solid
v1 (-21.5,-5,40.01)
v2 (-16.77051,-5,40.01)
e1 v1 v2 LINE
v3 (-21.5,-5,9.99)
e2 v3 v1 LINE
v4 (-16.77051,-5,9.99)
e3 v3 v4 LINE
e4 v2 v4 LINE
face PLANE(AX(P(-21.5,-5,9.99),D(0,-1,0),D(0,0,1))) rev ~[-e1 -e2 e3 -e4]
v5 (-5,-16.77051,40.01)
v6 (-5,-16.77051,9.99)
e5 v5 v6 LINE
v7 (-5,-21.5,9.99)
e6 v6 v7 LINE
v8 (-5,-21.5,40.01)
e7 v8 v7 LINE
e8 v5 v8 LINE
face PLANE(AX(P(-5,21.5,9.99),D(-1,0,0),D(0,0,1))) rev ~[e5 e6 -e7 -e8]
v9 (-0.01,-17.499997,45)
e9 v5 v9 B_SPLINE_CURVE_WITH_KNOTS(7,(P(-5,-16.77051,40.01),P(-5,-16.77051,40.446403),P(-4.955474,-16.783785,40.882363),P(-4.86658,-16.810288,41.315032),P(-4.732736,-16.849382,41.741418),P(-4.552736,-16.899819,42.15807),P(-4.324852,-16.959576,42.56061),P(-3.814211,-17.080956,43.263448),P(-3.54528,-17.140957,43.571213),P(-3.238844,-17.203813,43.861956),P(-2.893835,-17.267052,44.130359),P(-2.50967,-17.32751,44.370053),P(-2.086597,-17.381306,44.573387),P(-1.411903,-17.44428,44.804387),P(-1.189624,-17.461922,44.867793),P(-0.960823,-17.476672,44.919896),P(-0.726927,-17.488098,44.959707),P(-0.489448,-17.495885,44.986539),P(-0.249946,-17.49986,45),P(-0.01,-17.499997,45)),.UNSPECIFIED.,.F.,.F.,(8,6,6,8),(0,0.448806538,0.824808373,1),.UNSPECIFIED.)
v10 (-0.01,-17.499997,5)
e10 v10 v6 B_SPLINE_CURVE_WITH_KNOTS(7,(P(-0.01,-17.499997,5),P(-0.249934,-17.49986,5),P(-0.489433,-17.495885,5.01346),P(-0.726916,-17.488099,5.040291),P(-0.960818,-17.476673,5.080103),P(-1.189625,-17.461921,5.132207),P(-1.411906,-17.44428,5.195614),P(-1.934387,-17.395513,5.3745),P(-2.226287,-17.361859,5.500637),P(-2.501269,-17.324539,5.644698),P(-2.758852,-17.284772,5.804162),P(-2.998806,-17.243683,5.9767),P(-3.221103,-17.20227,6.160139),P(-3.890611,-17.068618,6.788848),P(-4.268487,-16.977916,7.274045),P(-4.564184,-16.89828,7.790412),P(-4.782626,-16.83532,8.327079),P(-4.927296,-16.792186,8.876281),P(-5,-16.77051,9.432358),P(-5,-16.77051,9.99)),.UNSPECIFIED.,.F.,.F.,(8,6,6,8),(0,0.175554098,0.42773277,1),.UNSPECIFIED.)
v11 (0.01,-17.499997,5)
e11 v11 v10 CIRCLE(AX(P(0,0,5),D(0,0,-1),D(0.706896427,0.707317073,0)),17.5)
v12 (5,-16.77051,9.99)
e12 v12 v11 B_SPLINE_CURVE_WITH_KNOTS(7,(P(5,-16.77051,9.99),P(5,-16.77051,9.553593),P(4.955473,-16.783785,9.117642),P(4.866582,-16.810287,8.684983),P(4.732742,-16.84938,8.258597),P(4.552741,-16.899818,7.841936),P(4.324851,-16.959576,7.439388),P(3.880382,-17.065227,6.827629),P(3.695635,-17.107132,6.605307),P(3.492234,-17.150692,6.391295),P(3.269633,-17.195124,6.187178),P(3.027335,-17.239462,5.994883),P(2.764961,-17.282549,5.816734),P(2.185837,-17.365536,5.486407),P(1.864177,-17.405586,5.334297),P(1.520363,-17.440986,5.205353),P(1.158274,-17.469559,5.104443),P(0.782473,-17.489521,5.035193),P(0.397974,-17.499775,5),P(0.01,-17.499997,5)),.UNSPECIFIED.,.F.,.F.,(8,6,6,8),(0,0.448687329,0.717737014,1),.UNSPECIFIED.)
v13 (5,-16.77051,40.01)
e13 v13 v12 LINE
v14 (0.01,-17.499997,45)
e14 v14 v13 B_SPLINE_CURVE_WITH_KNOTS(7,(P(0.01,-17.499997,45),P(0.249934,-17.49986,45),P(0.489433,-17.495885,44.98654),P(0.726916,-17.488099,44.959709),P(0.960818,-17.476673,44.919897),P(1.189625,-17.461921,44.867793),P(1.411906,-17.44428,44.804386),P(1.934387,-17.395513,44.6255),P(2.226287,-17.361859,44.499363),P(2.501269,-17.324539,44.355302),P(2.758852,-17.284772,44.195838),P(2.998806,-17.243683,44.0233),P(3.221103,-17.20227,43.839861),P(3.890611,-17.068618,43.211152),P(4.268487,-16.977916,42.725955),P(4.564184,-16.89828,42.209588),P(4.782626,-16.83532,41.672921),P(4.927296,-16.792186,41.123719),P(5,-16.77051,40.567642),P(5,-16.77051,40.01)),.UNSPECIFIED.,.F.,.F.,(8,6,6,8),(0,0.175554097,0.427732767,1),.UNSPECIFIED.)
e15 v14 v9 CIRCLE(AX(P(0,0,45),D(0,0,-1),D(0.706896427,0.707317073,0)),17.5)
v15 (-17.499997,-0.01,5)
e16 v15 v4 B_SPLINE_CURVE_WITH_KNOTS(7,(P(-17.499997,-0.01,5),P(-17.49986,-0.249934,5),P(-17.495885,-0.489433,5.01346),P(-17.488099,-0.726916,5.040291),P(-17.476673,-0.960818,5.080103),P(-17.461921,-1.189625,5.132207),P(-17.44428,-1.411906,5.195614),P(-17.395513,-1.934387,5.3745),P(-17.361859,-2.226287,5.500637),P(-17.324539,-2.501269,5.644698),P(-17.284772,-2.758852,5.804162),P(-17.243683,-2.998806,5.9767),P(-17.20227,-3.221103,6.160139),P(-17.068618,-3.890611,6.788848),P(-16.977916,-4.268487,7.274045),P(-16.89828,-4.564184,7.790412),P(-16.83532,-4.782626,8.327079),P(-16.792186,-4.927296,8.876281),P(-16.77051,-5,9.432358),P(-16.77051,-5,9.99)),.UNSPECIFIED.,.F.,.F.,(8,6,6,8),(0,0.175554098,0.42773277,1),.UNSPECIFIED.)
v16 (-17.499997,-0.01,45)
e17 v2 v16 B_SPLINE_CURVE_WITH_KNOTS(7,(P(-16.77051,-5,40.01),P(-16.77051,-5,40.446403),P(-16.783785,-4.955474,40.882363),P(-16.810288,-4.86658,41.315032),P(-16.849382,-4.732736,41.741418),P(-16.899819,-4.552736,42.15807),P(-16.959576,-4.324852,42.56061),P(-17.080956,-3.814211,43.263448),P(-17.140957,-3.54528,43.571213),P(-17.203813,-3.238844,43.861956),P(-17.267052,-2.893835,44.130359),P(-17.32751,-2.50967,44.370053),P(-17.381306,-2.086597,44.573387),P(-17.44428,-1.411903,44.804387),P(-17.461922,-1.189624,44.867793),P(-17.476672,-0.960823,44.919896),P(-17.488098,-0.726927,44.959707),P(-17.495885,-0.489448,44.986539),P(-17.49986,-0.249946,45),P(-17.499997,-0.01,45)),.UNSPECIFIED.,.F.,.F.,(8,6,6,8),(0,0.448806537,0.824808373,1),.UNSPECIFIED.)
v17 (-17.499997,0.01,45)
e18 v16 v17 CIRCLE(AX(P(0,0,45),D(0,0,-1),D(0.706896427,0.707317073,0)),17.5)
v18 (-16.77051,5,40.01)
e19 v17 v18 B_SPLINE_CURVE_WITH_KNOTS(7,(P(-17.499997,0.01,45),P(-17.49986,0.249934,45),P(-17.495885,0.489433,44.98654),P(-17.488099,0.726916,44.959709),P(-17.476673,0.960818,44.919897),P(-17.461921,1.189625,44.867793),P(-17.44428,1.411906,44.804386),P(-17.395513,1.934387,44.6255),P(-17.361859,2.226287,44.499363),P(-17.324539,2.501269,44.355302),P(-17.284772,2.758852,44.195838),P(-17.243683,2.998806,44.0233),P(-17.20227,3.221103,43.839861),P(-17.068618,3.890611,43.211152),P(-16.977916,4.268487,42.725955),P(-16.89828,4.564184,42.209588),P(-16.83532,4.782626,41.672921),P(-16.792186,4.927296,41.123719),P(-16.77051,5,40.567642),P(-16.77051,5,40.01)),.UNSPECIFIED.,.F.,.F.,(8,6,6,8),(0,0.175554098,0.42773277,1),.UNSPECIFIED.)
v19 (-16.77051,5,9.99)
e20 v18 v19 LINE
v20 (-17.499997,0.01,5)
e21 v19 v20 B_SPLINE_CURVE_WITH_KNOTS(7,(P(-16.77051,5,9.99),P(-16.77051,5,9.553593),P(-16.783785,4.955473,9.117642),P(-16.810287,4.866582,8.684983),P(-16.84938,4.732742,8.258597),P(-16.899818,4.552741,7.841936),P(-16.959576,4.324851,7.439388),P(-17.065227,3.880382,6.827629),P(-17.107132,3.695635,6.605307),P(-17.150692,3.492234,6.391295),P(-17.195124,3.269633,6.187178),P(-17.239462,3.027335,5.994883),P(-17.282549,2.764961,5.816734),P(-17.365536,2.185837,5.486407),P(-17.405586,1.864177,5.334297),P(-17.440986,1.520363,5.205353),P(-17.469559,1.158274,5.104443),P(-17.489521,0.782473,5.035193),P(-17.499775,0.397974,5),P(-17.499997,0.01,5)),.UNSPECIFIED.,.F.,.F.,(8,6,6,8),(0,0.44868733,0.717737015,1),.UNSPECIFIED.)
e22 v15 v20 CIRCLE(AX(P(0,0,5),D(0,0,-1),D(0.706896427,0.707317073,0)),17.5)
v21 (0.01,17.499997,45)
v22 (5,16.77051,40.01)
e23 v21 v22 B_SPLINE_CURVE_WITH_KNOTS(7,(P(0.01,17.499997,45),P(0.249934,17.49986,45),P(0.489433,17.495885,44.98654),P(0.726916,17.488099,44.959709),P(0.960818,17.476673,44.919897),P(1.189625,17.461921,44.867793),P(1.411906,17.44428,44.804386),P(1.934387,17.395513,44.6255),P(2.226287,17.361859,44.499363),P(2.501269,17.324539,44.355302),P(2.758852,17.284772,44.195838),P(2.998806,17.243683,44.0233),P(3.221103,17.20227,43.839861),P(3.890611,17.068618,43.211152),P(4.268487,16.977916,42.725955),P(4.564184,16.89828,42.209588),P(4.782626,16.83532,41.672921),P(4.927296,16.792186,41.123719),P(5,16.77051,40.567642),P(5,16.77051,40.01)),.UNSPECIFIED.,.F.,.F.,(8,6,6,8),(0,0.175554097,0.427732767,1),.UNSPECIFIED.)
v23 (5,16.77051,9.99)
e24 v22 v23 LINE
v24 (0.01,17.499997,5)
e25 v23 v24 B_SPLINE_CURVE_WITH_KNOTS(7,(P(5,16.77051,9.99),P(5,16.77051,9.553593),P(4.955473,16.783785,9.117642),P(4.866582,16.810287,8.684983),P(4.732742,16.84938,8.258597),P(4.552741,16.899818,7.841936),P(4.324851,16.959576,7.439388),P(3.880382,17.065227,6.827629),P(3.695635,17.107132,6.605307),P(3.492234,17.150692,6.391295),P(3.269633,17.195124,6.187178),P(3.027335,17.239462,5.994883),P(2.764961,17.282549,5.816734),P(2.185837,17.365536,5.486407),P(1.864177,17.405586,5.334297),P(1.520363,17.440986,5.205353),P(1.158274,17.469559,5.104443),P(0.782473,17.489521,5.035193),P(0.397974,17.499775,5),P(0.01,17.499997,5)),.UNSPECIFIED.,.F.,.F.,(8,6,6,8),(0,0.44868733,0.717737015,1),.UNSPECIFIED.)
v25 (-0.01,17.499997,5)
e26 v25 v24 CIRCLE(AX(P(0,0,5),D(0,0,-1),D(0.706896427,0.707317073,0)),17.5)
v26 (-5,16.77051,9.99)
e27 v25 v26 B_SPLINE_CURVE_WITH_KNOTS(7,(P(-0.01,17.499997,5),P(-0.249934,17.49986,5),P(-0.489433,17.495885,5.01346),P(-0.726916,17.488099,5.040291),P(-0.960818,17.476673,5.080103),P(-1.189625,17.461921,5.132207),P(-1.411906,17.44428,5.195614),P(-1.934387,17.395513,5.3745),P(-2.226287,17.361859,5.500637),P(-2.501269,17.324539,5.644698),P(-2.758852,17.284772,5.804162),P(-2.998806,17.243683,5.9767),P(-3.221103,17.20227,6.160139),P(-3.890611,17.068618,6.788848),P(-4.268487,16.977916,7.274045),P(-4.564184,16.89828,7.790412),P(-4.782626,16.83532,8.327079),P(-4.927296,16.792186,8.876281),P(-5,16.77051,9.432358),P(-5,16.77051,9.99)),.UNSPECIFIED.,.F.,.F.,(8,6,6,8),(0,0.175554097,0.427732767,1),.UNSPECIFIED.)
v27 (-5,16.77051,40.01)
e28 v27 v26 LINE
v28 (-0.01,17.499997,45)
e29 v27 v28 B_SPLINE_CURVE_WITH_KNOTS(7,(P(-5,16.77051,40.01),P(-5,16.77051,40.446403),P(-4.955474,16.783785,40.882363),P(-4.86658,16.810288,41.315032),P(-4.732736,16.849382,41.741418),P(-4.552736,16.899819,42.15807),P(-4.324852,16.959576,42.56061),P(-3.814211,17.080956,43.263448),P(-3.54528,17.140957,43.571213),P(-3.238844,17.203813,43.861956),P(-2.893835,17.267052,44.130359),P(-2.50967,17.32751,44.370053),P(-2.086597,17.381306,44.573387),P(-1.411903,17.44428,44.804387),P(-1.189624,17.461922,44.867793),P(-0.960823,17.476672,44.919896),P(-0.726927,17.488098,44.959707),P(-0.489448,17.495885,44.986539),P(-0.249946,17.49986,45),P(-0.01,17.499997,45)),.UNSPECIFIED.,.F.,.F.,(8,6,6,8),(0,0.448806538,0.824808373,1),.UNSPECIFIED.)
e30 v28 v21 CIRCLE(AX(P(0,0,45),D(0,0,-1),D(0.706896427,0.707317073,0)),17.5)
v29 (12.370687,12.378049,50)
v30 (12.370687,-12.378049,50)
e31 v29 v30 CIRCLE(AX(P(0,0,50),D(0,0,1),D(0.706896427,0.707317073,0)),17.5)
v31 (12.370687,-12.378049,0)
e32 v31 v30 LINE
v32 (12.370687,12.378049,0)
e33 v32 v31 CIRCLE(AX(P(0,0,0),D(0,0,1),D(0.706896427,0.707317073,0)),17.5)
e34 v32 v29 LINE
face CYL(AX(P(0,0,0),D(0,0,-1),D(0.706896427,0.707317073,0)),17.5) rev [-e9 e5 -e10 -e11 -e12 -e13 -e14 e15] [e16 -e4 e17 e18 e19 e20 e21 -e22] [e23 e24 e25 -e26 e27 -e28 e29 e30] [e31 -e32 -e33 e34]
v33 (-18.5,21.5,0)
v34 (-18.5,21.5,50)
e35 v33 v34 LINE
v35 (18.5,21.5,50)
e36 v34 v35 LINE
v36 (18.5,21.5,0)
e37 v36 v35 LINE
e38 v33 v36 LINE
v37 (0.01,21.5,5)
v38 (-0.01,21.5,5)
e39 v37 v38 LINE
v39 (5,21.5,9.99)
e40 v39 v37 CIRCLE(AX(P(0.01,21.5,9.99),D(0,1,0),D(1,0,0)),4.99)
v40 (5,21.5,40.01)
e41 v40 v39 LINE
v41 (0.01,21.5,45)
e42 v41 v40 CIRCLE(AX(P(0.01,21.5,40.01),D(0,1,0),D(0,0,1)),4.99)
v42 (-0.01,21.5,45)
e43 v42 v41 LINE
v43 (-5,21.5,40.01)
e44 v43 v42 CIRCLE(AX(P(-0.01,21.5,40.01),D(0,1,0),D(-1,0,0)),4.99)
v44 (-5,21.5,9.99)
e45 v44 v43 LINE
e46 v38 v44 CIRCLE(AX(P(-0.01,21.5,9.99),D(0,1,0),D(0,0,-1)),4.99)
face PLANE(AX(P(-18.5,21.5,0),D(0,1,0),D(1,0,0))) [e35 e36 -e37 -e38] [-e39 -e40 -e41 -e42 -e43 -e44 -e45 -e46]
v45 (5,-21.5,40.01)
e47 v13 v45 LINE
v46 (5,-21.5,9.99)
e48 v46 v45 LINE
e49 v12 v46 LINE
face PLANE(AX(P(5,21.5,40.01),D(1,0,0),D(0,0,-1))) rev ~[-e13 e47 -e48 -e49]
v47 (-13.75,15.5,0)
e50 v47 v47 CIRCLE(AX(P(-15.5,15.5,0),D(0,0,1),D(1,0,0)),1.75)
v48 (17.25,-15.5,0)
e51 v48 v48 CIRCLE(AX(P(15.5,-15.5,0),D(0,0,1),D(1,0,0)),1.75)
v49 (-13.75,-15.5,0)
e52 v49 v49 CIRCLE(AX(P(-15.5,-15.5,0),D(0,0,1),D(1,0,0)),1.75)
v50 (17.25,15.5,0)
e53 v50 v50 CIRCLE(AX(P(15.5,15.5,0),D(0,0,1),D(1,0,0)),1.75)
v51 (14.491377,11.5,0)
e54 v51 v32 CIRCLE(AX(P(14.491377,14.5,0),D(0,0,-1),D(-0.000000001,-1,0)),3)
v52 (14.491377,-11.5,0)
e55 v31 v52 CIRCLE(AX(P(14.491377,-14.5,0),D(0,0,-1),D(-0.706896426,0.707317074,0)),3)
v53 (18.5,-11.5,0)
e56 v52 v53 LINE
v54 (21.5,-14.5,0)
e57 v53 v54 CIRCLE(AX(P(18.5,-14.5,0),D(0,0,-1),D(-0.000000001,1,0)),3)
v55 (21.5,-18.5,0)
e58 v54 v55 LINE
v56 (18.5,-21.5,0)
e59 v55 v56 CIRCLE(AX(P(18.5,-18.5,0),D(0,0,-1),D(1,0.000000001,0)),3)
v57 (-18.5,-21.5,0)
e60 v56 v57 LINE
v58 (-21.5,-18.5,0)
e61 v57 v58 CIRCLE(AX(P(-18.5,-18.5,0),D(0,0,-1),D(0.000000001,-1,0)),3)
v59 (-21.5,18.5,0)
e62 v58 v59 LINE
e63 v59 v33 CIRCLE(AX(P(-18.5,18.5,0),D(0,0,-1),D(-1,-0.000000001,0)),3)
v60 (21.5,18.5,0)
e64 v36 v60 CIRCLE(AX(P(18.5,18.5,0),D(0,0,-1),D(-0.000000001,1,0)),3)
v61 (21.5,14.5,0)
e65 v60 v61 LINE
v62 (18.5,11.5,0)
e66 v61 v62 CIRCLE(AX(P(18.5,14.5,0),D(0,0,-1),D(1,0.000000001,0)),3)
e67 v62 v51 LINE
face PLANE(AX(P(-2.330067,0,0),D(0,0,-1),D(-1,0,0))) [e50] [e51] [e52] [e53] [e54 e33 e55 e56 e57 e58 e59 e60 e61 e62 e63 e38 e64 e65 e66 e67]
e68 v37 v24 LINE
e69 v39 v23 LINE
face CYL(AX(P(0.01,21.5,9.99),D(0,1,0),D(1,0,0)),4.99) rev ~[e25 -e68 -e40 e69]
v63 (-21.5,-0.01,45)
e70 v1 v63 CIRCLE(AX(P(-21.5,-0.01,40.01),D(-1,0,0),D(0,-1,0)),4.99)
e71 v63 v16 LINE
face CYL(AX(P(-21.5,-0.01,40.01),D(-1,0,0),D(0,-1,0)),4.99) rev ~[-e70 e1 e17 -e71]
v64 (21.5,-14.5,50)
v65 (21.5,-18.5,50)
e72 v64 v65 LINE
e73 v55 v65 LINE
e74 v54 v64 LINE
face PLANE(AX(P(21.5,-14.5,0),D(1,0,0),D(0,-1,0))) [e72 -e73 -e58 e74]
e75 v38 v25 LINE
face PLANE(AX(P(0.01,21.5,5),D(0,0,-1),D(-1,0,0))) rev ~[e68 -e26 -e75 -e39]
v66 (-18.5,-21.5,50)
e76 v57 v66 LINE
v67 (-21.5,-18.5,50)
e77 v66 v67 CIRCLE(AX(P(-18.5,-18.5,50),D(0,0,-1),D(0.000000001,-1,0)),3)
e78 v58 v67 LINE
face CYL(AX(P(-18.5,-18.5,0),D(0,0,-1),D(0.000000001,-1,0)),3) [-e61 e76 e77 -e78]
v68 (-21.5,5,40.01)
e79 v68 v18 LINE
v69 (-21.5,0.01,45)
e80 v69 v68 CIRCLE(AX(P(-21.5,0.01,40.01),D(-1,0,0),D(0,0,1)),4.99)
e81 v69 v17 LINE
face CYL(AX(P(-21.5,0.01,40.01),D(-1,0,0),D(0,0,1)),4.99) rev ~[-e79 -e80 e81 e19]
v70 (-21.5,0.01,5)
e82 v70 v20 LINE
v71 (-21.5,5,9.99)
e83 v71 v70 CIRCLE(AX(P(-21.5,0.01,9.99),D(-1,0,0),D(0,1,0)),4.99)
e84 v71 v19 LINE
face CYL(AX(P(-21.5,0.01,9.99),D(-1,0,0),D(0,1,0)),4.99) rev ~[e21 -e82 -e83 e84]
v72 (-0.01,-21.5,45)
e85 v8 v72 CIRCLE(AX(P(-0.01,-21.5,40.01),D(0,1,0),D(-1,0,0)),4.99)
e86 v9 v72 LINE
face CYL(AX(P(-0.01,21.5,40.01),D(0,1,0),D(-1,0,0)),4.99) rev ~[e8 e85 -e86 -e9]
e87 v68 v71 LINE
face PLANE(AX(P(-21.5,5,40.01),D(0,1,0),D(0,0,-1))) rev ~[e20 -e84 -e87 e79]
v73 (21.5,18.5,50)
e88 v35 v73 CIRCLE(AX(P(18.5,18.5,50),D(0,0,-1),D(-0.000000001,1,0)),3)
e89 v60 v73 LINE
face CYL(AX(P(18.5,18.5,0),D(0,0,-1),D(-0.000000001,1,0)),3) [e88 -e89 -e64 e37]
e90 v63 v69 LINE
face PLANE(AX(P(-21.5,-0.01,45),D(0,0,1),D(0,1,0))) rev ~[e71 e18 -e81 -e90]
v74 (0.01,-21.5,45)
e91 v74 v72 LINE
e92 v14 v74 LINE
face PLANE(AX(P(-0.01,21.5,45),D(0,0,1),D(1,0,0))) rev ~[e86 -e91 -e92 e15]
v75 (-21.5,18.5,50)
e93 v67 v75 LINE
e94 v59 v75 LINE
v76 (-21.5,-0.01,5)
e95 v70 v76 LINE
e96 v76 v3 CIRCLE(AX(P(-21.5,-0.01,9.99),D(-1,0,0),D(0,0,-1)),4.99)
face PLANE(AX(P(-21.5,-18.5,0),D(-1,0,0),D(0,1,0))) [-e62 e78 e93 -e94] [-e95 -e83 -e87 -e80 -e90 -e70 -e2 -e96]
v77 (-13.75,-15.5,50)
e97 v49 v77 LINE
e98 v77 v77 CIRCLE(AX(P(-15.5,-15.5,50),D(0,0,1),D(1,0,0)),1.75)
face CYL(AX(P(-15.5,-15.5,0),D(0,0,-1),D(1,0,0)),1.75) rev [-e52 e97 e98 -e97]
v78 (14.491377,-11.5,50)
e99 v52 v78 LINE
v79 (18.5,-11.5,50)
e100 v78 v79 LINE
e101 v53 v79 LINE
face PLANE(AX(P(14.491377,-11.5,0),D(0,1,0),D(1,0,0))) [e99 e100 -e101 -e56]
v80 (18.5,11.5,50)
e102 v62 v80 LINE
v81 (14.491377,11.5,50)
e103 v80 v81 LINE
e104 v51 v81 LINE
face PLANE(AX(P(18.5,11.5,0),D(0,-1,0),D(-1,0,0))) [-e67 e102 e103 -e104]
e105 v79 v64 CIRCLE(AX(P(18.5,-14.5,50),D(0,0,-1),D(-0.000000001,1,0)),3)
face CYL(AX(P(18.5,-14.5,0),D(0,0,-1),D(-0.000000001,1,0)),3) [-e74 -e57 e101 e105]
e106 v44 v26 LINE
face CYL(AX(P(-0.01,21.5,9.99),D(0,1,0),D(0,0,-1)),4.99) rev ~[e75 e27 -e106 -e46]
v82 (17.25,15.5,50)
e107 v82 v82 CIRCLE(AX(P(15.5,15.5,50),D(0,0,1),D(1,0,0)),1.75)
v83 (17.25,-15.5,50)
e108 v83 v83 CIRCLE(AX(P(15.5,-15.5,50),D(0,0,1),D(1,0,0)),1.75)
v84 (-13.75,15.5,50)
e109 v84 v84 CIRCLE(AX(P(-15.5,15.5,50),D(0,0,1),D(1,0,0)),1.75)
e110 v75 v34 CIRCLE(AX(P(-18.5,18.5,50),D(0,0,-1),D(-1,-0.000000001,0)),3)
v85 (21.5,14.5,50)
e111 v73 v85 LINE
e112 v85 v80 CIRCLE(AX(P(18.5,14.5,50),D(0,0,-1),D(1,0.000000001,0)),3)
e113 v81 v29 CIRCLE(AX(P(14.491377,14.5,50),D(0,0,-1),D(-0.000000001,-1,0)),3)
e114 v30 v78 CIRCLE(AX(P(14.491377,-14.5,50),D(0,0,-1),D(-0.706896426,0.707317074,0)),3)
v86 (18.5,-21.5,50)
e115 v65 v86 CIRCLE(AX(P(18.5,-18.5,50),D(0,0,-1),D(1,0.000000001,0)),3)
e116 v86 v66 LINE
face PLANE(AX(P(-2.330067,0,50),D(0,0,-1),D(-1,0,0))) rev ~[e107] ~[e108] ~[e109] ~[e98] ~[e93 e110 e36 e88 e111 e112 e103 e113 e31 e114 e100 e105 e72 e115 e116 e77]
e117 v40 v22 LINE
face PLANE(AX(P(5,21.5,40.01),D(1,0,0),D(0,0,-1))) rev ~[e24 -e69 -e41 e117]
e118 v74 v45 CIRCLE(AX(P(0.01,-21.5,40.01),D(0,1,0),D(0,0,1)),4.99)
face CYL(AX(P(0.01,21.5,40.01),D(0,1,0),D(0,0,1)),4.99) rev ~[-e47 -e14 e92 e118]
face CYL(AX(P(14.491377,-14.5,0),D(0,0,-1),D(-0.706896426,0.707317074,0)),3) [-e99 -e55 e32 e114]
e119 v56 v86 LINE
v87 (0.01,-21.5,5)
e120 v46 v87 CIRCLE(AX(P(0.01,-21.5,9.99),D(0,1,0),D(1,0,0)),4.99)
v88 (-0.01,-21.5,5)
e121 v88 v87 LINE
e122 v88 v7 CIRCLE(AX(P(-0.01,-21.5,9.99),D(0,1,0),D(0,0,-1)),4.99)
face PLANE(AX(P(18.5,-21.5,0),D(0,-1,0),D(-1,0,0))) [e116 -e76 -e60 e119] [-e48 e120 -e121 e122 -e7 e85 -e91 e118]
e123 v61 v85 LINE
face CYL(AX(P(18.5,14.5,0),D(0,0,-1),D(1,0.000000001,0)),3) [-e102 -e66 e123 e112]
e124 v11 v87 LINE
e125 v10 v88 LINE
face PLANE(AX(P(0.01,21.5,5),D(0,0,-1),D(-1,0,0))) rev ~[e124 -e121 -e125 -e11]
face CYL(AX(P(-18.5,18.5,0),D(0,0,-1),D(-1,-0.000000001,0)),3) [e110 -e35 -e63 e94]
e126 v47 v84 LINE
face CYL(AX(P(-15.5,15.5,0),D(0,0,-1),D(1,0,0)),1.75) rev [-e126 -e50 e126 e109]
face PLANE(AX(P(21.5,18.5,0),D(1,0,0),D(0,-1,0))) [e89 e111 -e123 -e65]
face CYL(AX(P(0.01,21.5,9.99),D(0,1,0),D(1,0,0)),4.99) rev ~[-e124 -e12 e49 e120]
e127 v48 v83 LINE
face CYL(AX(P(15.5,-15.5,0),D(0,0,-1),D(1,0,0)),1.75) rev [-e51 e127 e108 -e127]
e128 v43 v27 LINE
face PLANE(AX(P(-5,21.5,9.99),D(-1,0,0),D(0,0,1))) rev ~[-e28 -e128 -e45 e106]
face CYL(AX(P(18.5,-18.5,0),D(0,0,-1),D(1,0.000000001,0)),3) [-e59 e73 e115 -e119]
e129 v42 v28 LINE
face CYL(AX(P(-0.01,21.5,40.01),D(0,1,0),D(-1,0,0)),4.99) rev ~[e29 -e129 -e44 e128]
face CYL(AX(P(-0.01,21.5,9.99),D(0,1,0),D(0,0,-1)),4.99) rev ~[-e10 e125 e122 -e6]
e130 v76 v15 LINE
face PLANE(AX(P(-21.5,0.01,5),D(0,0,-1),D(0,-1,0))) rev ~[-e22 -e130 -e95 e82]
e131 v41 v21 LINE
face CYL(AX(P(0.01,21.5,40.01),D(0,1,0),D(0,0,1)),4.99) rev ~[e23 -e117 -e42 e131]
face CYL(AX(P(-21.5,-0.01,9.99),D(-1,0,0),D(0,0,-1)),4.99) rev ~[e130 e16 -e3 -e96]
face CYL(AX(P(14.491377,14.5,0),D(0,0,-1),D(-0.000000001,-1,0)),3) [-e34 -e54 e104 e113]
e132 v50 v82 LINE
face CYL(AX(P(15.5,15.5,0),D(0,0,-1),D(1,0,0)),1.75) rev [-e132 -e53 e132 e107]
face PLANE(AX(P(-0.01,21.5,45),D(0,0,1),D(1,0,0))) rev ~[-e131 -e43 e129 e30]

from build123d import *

# Parameters (mm, degrees)
SKETCH1_R           = 1.75
BOSS_EXTRUDE1_DEPTH = 50
CUT_EXTRUDE1_DEPTH  = 50
CUT_EXTRUDE2_DEPTH  = 50


with BuildPart() as part:
    # Sketch1 → Boss-Extrude1 (new body)
    with BuildSketch(Plane.XY):
        with BuildLine():
            Line((18.5, -21.5), (-18.5, -21.5))
            ThreePointArc((-18.5, -21.5), (-20.621320344, -20.621320344), (-21.5, -18.5))
            Line((-21.5, -18.5), (-21.5, 18.5))
            ThreePointArc((-21.5, 18.5), (-20.621320344, 20.621320344), (-18.5, 21.5))
            Line((-18.5, 21.5), (18.5, 21.5))
            ThreePointArc((18.5, 21.5), (20.621320344, 20.621320344), (21.5, 18.5))
            Line((21.5, 18.5), (21.5, 14.5))
            ThreePointArc((21.5, 14.5), (20.621320344, 12.378679656), (18.5, 11.5))
            Line((18.5, 11.5), (14.491376746, 11.5))
            ThreePointArc((14.491376746, 11.5), (13.343738663, 11.728190694), (12.370687466, 12.37804878))
            ThreePointArc((12.370687466, 12.37804878), (-17.5, 0), (12.370687466, -12.37804878))
            ThreePointArc((12.370687466, -12.37804878), (13.343738663, -11.728190694), (14.491376746, -11.5))
            Line((14.491376746, -11.5), (18.5, -11.5))
            ThreePointArc((18.5, -11.5), (20.621320344, -12.378679656), (21.5, -14.5))
            Line((21.5, -14.5), (21.5, -18.5))
            ThreePointArc((21.5, -18.5), (20.621320344, -20.621320344), (18.5, -21.5))
        make_face()
        with Locations((-15.5, 15.5)):
            Circle(SKETCH1_R, mode=Mode.SUBTRACT)
        with Locations((-15.5, -15.5)):
            Circle(SKETCH1_R, mode=Mode.SUBTRACT)
        with Locations((15.5, -15.5)):
            Circle(SKETCH1_R, mode=Mode.SUBTRACT)
        with Locations((15.5, 15.5)):
            Circle(SKETCH1_R, mode=Mode.SUBTRACT)
    extrude(amount=BOSS_EXTRUDE1_DEPTH)

    # Sketch2 → Cut-Extrude1 (cut)
    with BuildSketch(Plane(origin=(0, 21.5, 0), x_dir=(1, 0, 0), z_dir=(0, 1, 0))):
        with BuildLine():
            Line((-0.01, -45), (0.01, -45))
            ThreePointArc((0.01, -45), (3.538462838, -43.538462838), (5, -40.01))
            Line((5, -40.01), (5, -9.99))
            ThreePointArc((5, -9.99), (3.538462838, -6.461537162), (0.01, -5))
            Line((0.01, -5), (-0.01, -5))
            ThreePointArc((-0.01, -5), (-3.538462838, -6.461537162), (-5, -9.99))
            Line((-5, -9.99), (-5, -40.01))
            ThreePointArc((-5, -40.01), (-3.538462838, -43.538462838), (-0.01, -45))
        make_face()
    extrude(amount=-CUT_EXTRUDE1_DEPTH, mode=Mode.SUBTRACT)

    # Sketch3 → Cut-Extrude2 (cut)
    with BuildSketch(Plane.ZY.offset(21.5)):
        with BuildLine():
            Line((9.99, -5), (40.01, -5))
            ThreePointArc((40.01, -5), (43.538462838, -3.538462838), (45, -0.01))
            Line((45, -0.01), (45, 0.01))
            ThreePointArc((45, 0.01), (43.538462838, 3.538462838), (40.01, 5))
            Line((40.01, 5), (9.99, 5))
            ThreePointArc((9.99, 5), (6.461537162, 3.538462838), (5, 0.01))
            Line((5, 0.01), (5, -0.01))
            ThreePointArc((5, -0.01), (6.461537162, -3.538462838), (9.99, -5))
        make_face()
    extrude(amount=-CUT_EXTRUDE2_DEPTH, mode=Mode.SUBTRACT)


solid = part.part
